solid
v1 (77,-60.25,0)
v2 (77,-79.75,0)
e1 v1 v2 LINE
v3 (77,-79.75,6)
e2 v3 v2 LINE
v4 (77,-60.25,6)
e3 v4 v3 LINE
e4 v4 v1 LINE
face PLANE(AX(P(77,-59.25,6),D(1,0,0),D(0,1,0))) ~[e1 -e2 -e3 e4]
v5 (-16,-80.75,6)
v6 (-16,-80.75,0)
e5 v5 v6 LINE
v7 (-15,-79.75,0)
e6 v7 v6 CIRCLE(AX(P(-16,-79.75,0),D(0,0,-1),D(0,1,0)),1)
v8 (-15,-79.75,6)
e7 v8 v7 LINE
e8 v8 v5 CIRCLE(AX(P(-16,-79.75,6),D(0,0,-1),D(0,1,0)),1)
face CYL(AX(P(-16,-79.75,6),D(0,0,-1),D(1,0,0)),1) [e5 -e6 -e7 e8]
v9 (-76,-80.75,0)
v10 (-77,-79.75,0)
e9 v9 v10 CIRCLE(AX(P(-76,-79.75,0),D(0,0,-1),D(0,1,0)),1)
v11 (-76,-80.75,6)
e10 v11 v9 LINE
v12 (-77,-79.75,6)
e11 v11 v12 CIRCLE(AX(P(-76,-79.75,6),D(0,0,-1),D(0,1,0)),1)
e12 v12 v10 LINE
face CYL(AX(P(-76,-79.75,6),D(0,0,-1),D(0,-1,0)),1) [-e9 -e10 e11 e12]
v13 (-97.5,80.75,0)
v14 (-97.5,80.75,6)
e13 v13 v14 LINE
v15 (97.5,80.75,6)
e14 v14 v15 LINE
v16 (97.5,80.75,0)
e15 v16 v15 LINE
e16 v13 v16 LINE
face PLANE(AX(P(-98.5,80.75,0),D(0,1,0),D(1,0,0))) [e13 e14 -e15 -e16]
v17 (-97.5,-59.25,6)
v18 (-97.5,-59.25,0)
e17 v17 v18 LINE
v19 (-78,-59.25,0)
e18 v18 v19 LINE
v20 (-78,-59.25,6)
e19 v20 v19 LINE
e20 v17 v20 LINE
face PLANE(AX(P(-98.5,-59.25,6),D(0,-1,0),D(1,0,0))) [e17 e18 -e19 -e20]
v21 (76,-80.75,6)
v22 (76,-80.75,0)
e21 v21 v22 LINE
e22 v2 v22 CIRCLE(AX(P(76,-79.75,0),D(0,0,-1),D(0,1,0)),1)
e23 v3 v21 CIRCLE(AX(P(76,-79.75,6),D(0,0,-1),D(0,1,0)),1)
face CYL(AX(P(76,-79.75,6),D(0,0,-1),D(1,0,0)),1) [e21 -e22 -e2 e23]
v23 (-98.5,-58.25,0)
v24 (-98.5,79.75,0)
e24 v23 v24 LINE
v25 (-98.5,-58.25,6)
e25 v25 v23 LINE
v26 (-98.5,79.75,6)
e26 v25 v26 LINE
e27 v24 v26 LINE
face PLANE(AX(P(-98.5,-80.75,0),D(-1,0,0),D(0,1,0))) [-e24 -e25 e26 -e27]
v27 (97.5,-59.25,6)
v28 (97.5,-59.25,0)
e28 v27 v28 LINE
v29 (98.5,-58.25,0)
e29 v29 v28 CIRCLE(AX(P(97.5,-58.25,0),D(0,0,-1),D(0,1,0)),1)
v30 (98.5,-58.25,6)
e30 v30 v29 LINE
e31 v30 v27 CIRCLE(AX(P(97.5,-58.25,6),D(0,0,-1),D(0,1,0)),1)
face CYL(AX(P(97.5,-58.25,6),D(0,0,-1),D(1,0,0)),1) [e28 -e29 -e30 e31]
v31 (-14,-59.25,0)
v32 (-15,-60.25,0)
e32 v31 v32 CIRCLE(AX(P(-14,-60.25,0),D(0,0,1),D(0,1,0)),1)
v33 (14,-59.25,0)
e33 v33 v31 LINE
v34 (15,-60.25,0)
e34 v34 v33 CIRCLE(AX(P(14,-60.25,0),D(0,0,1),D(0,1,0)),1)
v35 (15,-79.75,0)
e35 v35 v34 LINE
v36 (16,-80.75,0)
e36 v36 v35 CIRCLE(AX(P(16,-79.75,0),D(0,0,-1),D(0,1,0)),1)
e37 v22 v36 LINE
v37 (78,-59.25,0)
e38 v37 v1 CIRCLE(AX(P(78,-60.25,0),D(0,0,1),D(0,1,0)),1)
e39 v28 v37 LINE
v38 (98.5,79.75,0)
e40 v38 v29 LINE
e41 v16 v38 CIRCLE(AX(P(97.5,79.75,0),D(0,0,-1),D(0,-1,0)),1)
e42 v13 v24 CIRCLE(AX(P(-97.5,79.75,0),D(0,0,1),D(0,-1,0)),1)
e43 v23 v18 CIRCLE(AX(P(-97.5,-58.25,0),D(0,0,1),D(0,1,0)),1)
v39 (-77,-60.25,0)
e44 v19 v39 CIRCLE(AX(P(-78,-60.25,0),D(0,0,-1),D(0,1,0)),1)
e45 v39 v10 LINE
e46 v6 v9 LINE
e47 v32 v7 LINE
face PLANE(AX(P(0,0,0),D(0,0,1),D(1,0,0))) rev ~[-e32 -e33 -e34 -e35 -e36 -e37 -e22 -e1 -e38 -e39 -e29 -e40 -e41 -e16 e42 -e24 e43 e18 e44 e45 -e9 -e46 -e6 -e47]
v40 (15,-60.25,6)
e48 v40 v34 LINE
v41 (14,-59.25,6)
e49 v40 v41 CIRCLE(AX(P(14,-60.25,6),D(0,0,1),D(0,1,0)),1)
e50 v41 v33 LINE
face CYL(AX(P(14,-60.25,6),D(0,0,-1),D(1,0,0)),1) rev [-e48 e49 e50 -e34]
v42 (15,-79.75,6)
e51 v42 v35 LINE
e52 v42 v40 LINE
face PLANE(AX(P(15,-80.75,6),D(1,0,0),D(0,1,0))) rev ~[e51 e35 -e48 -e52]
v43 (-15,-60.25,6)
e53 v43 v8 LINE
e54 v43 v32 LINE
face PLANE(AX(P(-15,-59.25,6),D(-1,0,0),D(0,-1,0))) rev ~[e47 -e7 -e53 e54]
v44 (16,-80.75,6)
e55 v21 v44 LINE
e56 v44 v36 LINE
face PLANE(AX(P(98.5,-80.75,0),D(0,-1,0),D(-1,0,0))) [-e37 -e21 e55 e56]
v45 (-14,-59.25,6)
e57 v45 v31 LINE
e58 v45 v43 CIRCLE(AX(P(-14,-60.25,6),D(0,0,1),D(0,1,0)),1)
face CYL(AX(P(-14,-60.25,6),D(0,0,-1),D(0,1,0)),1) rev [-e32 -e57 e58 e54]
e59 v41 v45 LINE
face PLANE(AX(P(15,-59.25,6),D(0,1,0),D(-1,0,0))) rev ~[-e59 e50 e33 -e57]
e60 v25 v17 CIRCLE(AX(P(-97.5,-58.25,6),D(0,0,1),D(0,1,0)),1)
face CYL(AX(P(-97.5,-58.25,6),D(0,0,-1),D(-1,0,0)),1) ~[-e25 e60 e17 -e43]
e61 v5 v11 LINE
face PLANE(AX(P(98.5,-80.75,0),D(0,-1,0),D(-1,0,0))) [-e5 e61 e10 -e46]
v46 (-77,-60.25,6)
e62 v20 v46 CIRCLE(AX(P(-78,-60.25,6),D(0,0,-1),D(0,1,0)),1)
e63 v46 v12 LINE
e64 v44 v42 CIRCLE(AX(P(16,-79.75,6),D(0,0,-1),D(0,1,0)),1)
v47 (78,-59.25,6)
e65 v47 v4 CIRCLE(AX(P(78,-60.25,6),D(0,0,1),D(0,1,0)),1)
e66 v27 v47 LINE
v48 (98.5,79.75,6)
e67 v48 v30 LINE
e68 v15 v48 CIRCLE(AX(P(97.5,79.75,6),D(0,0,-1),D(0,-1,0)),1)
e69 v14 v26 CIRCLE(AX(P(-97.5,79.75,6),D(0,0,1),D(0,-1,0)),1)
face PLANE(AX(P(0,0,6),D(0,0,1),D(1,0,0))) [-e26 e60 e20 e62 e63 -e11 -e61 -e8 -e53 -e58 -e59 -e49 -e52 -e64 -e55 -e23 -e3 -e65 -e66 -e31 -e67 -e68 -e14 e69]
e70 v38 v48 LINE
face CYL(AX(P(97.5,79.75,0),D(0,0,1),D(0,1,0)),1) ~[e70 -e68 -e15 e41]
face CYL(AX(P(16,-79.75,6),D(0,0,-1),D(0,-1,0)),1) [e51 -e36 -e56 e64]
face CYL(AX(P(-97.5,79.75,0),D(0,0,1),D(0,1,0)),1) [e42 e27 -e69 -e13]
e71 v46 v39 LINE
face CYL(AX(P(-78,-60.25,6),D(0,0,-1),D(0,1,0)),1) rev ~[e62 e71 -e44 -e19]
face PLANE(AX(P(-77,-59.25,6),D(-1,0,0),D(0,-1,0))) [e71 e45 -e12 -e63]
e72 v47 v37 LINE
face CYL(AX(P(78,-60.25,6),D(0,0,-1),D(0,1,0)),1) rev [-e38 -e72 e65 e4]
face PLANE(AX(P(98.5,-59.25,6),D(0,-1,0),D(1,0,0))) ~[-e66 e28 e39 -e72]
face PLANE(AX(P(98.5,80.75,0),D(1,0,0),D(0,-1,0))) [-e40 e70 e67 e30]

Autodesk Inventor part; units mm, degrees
sketch "Sketch1" plane through (0, 0, 0) normal (0, 0, 1) x (1, 0, 0)
  line L0 (-98.5, 80.75) -> (98.5, 80.75)
  line L1 (98.5, 80.75) -> (98.5, -80.75)
  line L2 (98.5, -80.75) -> (-98.5, -80.75)
  line L3 (-98.5, -80.75) -> (-98.5, 80.75)
  point P0 (0, 80.75)
  point P1 (0, 0)
  point P2 (-98.5, 0)
  dimension "d0" = 197
  dimension "d1" = 161.5
extrude "Extrusion1" add sketch "Sketch1" along normal blind 6
sketch "Sketch2" plane through (0, 0, 6) normal (0, 0, 1) x (1, 0, 0)
  line L0 (-98.5, 80.75) -> (-98.5, -80.75) projected
  line L1 (-98.5, -80.75) -> (-98.5, -59.25)
  line L2 (-98.5, -59.25) -> (-77, -59.25)
  line L3 (-98.5, -80.75) -> (98.5, -80.75) projected
  line L4 (-77, -59.25) -> (-77, -80.75)
  line L5 (-98.5, -80.75) -> (-77, -80.75)
  point P0 (0, 0)
  point P1 (40.5, -62.5)
  point P2 (-64.5, -80.75)
  dimension "d14" = 21.5
  dimension "d15" = 21.5
extrude "Extrusion2" cut sketch "Sketch2" against normal blind 15
mirror "Mirror1" about plane through (0, 0, 0) normal (1, 0, 0) of "Extrusion2"
sketch "Sketch4" plane through (0, 0, 6) normal (0, 0, 1) x (1, 0, 0)
  line L0 (-77, -80.75) -> (77, -80.75) projected
  line L1 (-15, -80.75) -> (15, -80.75)
  line L2 (15, -80.75) -> (15, -59.25)
  line L3 (15, -59.25) -> (-15, -59.25)
  line L4 (-15, -59.25) -> (-15, -80.75)
  point P0 (0, 0)
  point P1 (-64.5, -67.75)
  point P2 (64.5, -67.75)
  point P3 (0, -59.25)
  point P4 (0, -80.75)
  dimension "d18" = 30
  dimension "d19" = 21.5
extrude "Extrusion4" cut sketch "Sketch4" against normal blind 10
fillet "Fillet1" radius 1 12 edges at (-98.5, -59.25, 3) (-15, -80.75, 3) (15, -80.75, 3) (98.5, -59.25, 3) (-15, -59.25, 3) (15, -59.25, 3) (-98.5, 80.75, 3) (98.5, 80.75, 3) (-77, -59.25, 3) (-77, -80.75, 3) (77, -80.75, 3) (77, -59.25, 3)
equation "\"d7\" = d5"
equation "\"d5\" = 15"
properties part number "Side_Side_MDF" material "MDF Medium Density Fiberboard"
